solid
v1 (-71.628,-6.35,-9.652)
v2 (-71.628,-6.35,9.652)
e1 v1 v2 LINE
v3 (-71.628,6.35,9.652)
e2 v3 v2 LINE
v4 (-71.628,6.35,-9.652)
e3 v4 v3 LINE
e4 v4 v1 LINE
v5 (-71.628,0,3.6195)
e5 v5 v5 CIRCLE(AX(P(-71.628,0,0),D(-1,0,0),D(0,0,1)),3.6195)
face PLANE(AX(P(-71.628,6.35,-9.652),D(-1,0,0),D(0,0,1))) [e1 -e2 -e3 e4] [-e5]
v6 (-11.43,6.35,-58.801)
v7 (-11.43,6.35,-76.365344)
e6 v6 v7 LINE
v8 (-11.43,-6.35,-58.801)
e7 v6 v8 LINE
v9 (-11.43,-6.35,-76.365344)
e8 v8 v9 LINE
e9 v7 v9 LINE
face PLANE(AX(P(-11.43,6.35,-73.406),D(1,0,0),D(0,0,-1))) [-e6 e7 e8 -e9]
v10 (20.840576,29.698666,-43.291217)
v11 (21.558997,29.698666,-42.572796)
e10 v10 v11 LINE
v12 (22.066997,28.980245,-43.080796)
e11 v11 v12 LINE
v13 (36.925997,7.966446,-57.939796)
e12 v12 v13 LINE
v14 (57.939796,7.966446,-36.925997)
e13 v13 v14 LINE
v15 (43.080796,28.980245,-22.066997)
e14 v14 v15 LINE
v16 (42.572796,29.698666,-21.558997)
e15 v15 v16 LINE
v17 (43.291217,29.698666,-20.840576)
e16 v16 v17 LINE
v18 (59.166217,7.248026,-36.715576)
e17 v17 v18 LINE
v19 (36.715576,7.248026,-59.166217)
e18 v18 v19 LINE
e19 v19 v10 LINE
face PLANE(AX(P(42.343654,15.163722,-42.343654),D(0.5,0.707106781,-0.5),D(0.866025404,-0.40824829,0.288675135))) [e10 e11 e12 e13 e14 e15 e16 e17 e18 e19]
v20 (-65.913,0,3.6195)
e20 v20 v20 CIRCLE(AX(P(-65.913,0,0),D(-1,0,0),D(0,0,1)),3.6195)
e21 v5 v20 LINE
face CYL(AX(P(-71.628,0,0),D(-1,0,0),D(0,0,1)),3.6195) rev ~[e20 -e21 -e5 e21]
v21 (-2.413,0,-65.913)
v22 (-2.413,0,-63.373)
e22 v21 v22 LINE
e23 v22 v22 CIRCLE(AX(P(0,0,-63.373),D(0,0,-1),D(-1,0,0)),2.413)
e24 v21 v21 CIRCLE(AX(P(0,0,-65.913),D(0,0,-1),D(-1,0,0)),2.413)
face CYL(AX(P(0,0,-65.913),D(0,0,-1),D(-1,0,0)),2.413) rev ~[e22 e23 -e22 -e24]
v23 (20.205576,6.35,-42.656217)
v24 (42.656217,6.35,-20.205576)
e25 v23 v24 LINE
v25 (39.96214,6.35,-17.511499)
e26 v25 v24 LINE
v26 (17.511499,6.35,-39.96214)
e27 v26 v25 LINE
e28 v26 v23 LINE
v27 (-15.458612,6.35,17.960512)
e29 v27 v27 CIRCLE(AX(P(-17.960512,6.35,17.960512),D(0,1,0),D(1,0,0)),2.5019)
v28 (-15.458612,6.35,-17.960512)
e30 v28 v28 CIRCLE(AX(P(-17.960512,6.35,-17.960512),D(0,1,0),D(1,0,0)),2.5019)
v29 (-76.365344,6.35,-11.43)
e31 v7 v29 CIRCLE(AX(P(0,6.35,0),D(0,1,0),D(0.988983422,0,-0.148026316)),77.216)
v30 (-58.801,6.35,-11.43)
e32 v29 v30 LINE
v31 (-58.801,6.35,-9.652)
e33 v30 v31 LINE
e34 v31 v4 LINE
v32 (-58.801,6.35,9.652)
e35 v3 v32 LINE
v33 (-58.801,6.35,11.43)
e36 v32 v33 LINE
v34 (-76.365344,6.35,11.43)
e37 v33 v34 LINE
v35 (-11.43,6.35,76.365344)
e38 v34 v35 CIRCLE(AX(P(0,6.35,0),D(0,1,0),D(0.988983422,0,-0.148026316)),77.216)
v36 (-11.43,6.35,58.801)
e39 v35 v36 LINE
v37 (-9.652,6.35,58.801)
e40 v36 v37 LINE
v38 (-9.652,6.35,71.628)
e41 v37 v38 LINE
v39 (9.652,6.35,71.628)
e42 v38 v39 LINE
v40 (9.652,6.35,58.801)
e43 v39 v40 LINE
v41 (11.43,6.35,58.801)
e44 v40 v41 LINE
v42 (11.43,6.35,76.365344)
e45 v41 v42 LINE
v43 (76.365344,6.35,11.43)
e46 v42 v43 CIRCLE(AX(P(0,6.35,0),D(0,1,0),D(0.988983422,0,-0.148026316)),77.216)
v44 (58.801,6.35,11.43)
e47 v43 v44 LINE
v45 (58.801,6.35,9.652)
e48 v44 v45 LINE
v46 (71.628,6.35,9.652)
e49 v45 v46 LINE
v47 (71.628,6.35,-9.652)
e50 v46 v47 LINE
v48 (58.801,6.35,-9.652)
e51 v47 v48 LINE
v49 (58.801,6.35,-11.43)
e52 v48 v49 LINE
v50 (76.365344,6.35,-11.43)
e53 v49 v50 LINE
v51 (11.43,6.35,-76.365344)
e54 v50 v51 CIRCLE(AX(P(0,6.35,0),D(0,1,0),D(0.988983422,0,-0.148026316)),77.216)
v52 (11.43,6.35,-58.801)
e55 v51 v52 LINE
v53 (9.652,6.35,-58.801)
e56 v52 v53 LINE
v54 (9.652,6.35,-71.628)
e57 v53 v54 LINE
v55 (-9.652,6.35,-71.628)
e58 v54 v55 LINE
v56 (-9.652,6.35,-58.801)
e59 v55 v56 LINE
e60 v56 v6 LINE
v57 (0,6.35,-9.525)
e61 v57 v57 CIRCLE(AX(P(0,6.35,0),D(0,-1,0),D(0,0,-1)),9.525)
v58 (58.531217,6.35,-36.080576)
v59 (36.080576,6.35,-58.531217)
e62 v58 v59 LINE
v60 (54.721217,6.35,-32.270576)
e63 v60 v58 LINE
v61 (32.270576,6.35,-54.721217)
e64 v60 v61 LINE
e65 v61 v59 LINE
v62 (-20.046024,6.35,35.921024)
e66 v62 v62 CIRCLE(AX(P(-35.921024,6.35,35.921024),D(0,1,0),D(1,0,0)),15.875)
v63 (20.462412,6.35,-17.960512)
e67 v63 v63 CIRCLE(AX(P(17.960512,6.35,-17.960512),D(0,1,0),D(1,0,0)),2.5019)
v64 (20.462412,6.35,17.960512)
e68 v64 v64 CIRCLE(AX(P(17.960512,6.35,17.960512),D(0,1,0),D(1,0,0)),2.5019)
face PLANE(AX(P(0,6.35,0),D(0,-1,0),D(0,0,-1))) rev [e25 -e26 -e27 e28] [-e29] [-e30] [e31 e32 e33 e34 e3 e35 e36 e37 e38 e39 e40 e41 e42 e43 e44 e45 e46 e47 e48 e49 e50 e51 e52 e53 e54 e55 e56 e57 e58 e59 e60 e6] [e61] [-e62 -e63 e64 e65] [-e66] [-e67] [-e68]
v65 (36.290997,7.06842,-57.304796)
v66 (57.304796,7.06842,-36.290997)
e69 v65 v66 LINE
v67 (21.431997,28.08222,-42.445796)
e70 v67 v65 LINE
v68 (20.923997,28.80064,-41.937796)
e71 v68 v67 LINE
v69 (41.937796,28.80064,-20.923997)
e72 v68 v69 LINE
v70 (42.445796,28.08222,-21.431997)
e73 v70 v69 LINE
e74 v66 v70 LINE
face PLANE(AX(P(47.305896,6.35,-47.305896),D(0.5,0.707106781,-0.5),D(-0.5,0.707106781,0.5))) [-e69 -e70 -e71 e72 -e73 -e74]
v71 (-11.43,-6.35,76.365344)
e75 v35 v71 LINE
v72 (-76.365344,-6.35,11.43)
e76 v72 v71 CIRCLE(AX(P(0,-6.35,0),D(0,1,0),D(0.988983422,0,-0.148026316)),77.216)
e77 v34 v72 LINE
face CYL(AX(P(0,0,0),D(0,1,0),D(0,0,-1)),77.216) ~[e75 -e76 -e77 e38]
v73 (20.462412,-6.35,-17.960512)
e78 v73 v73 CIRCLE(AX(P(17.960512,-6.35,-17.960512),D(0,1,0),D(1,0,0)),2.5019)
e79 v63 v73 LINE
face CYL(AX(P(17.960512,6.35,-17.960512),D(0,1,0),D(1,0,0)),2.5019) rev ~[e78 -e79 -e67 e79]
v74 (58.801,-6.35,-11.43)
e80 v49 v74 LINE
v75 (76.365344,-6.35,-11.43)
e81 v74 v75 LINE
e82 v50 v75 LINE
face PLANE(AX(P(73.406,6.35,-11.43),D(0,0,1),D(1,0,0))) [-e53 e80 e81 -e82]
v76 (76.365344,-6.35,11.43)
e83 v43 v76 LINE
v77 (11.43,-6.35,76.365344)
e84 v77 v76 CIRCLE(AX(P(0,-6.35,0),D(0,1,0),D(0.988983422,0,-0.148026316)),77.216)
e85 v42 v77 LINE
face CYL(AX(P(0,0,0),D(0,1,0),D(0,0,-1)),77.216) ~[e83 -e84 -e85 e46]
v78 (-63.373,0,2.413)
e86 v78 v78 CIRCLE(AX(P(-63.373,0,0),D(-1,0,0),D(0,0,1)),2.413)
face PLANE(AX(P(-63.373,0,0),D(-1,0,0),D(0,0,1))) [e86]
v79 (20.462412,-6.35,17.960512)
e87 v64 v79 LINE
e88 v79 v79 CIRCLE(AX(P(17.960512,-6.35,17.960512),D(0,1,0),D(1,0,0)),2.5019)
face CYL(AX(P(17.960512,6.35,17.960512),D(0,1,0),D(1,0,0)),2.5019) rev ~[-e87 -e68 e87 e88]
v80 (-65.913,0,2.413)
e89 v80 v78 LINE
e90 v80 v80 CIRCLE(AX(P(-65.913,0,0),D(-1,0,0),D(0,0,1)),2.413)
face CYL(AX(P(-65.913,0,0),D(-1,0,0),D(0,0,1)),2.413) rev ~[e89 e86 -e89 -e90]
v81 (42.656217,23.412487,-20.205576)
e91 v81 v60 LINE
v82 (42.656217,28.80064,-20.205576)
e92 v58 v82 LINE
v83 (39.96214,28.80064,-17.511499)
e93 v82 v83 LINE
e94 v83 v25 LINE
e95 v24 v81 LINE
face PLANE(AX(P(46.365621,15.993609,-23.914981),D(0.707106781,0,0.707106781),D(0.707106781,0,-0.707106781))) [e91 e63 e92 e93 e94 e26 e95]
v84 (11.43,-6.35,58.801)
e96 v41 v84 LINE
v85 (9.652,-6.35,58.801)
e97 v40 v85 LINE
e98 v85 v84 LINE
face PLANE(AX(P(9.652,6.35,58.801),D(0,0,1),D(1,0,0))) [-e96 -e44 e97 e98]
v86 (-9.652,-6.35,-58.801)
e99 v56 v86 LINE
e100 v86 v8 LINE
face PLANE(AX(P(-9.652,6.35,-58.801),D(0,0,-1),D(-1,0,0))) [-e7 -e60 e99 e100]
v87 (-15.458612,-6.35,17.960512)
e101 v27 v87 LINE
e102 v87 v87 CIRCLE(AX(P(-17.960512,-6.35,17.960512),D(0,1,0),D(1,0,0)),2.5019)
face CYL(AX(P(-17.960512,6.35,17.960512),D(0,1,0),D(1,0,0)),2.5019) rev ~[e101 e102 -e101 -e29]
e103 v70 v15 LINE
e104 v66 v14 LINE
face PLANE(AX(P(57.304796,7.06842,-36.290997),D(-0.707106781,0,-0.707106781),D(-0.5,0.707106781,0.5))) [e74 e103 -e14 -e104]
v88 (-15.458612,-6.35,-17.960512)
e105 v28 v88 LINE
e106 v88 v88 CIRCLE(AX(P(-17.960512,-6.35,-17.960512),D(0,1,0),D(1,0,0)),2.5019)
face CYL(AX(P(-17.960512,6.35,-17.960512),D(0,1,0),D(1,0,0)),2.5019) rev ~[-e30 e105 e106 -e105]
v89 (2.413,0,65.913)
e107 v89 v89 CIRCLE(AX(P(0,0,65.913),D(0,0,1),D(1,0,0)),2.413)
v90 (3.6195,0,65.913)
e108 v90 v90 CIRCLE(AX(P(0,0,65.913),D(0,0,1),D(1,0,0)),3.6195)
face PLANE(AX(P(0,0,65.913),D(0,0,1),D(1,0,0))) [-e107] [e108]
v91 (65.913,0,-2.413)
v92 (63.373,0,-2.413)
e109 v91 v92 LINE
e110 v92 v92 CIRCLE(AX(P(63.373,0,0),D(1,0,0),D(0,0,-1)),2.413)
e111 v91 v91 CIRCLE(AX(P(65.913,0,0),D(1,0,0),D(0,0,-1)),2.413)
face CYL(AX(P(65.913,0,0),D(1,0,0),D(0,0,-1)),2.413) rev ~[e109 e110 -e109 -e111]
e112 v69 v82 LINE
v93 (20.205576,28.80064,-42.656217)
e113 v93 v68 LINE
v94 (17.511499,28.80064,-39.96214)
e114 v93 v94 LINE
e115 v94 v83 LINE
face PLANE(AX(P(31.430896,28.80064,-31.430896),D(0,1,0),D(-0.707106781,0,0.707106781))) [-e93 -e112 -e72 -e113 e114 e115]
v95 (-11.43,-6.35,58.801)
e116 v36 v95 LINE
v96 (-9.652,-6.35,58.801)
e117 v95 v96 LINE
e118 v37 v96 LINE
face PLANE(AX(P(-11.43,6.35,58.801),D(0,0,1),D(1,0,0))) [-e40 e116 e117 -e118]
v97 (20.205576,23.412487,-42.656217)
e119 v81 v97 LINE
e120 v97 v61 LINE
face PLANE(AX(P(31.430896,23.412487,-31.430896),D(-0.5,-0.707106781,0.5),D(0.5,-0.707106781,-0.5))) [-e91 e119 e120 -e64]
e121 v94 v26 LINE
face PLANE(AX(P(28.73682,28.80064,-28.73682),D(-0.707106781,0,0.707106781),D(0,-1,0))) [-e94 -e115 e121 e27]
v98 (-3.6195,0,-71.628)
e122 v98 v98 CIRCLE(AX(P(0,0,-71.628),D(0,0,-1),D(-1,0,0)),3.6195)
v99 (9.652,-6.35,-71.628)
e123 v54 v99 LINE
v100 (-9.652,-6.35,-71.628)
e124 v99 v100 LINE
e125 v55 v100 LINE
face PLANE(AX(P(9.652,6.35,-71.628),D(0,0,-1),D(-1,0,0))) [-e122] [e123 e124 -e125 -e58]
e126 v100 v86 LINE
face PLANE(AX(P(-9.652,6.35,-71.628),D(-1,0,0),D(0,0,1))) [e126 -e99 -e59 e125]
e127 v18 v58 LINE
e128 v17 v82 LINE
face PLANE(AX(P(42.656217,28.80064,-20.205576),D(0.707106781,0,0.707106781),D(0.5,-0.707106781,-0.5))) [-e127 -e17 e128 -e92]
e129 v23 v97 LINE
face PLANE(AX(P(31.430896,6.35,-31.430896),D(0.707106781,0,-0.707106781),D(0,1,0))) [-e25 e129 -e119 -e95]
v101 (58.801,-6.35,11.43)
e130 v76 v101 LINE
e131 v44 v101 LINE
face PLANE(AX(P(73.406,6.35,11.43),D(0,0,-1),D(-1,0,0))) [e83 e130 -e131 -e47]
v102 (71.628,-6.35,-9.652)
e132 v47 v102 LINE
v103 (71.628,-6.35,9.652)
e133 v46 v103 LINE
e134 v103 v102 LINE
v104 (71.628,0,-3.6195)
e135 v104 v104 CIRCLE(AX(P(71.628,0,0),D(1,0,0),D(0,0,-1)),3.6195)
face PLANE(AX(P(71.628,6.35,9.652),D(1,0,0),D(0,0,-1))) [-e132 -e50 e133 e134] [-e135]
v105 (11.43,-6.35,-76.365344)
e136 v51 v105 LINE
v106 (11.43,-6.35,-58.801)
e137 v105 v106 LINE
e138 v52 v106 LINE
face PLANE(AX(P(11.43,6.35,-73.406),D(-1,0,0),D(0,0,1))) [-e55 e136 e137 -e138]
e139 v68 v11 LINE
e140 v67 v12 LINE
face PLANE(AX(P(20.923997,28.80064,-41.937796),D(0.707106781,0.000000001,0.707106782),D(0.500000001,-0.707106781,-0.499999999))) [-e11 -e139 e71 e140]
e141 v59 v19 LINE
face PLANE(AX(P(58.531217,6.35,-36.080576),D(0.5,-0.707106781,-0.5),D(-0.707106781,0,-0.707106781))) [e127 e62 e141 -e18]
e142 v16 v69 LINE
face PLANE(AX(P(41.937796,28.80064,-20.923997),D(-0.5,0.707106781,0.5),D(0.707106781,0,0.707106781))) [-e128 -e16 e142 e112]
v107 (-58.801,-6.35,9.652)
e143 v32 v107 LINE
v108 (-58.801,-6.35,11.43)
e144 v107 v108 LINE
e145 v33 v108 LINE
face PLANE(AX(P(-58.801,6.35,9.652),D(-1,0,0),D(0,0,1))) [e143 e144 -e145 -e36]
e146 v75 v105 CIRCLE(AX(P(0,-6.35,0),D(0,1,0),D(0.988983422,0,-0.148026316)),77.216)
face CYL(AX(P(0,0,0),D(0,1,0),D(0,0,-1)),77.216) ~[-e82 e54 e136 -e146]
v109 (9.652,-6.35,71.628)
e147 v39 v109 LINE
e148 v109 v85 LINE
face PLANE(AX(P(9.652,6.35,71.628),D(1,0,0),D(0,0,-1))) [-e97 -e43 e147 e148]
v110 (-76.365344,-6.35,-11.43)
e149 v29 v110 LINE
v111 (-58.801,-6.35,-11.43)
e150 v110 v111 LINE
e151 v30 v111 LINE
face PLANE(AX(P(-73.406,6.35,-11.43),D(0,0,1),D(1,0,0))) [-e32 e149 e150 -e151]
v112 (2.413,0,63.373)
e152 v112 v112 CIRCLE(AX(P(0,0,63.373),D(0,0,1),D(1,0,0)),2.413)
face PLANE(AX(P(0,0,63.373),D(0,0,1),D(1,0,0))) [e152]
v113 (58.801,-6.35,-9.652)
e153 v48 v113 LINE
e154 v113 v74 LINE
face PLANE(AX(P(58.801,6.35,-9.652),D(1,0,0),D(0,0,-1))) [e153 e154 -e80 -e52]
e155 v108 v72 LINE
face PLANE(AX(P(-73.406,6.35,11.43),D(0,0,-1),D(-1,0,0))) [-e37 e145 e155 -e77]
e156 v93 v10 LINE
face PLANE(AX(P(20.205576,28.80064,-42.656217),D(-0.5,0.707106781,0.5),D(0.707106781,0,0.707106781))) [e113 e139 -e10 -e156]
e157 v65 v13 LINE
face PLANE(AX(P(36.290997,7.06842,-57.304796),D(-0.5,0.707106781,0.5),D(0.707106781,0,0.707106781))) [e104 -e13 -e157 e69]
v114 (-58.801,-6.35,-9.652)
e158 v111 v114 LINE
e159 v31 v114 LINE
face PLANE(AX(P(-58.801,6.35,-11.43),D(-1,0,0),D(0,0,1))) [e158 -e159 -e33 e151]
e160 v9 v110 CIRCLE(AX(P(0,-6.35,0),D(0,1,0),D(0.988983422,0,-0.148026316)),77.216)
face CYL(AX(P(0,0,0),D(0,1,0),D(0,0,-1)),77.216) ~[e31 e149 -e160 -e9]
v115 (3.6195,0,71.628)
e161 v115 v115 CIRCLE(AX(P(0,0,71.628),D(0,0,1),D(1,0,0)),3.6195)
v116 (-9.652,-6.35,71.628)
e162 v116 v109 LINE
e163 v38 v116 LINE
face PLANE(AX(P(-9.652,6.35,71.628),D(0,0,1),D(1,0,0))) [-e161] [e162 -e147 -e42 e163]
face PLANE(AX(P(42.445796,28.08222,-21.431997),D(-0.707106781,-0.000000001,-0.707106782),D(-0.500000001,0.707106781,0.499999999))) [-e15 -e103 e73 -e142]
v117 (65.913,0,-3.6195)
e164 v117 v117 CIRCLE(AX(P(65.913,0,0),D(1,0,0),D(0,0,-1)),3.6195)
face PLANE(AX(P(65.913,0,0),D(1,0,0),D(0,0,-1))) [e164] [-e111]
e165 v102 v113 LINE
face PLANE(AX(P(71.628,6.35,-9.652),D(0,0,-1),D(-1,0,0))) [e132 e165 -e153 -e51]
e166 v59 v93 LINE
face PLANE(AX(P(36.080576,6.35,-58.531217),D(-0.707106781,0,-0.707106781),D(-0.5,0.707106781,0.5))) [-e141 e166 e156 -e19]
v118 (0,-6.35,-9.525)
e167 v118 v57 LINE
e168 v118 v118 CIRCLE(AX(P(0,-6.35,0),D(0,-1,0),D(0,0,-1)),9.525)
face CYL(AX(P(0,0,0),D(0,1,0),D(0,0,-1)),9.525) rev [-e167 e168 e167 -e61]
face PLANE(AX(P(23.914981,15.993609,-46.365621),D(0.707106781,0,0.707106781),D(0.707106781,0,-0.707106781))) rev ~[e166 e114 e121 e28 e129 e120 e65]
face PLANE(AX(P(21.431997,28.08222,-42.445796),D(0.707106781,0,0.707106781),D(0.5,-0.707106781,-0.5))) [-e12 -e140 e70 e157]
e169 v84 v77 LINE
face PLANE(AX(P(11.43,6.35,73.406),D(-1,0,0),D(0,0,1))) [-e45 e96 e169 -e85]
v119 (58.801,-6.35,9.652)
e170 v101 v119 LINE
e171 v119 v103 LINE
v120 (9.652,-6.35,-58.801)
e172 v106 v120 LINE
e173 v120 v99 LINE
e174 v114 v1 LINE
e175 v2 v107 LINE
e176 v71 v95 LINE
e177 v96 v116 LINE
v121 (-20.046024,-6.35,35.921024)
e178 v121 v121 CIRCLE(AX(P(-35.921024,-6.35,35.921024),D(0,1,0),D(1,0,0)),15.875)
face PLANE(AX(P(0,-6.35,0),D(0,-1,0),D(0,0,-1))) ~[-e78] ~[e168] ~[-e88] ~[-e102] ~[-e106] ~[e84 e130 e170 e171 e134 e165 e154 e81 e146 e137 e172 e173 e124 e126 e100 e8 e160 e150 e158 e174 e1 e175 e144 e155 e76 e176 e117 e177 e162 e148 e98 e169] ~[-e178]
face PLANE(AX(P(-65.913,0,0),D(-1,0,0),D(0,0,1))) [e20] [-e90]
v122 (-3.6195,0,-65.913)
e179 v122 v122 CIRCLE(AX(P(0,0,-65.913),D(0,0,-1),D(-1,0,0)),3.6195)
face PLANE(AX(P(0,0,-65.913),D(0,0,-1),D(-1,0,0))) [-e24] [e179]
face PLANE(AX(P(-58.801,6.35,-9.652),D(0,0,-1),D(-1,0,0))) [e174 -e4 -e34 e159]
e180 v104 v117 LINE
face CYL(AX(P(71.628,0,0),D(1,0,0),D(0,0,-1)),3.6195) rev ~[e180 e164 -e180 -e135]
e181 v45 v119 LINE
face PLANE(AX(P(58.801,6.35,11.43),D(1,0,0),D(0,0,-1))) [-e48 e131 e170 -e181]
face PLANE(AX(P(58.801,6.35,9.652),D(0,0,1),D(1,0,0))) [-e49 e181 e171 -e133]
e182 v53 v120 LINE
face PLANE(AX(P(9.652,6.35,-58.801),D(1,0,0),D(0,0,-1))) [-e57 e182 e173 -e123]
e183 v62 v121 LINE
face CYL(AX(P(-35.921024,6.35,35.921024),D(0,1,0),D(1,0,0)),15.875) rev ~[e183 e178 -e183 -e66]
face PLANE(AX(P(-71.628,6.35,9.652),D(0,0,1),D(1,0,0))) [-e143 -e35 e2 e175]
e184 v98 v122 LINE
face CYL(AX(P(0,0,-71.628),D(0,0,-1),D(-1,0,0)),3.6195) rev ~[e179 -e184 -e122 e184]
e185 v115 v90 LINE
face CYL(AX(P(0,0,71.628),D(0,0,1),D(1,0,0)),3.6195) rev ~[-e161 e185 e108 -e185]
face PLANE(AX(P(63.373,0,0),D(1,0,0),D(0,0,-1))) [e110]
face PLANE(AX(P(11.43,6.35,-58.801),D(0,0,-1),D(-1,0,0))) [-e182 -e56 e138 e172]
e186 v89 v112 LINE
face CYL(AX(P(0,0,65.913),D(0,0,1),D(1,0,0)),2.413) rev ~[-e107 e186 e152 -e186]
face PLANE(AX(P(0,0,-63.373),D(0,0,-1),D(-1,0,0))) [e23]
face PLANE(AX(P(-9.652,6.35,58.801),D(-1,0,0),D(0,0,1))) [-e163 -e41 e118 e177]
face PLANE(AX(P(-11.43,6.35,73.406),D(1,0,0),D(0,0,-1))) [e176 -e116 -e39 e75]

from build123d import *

# Parameters (mm, degrees)
SKETCH2_W            = 67.691
SKETCH2_H            = 12.7
SKETCH3_R            = 2.5019
CUT_EXTRUDE1_DEPTH   = 13.7
LPATTERN1_COUNT      = 2
LPATTERN1_PITCH      = 35.921024484
LPATTERN1_COUNT_DIR2 = 2
LPATTERN1_PITCH_DIR2 = 35.921024484
SKETCH5_R            = 15.875
CUT_EXTRUDE2_DEPTH   = 13.7
BOSS_EXTRUDE1_DEPTH  = 15.875
BOSS_EXTRUDE2_DEPTH  = 1.27
CUT_EXTRUDE3_DEPTH   = 13.7
SKETCH13_R           = 4.8387
CUT_EXTRUDE4_DEPTH   = 3.81
SKETCH14_R           = 3.6195
CUT_EXTRUDE5_DEPTH   = 5.715
CUT_EXTRUDE6_DEPTH   = 13.7000001
SKETCH16_R           = 2.413
CUT_EXTRUDE7_DEPTH   = 2.54
CIRPATTERN2_COUNT    = 4


with BuildPart() as part:
    # Sketch2 → Revolve1 (revolve)
    with BuildSketch(Plane(origin=(0, 0, 0), x_dir=(0, 0, -1), z_dir=(1, 0, 0))):
        with Locations((43.3705, 0)):
            Rectangle(SKETCH2_W, SKETCH2_H)
    revolve(axis=Axis((0, 9.434285714, 0), (0, -1, 0)))

    # Sketch3 → Cut-Extrude1 (cut, through all)
    with BuildSketch(Plane(origin=(0, 6.35, 0), x_dir=(1, 0, 0), z_dir=(0, 1, 0))):
        with Locations((17.960512242, 17.960512242)):
            Circle(SKETCH3_R)
    cut_extrude1 = extrude(amount=-CUT_EXTRUDE1_DEPTH, mode=Mode.SUBTRACT)

    # LPattern1: Cut-Extrude1 2 × 2
    with Locations(*[(-j * LPATTERN1_PITCH_DIR2, 0, i * LPATTERN1_PITCH) for i in range(LPATTERN1_COUNT) for j in range(LPATTERN1_COUNT_DIR2) if (i, j) != (0, 0)]):
        add(cut_extrude1, mode=Mode.SUBTRACT)

    # Sketch5 → Cut-Extrude2 (cut, through all)
    with BuildSketch(Plane(origin=(0, 6.35, 0), x_dir=(1, 0, 0), z_dir=(0, 1, 0))):
        with Locations((-35.921024484, -35.921024484)):
            Circle(SKETCH5_R)
    extrude(amount=-CUT_EXTRUDE2_DEPTH, mode=Mode.SUBTRACT)

    # Sketch7 → Boss-Extrude1 (add, symmetric)
    with BuildSketch(Plane(origin=(0, 0, 0), x_dir=(0.707106781, 0, -0.707106781), z_dir=(0.707106781, 0, 0.707106781))):
        Polygon((66.900640303, 6.35), (44.45, 28.800640303), (40.64, 28.800640303), (40.64, 6.35), (44.45, 6.35), (44.45, 23.41248663), (61.51248663, 6.35), align=None)
    extrude(amount=BOSS_EXTRUDE1_DEPTH, both=True)

    # Sketch8 → Boss-Extrude2 (add, symmetric)
    with BuildSketch(Plane(origin=(25.898012242, 36.625320151, -25.898012242), x_dir=(0.866025404, -0.40824829, 0.288675135), z_dir=(0.5, 0.707106781, -0.5))):
        Polygon((37.681578612, 25.793492955), (11.757812168, 44.124364002), (-6.573058879, 18.200597557), (-5.743498353, 17.614009684), (-5.156910479, 18.44357021), (12.000784821, 42.708215602), (36.265430213, 25.550520302), (19.107734913, 1.28587491), (18.521147039, 0.456314384), (19.350707566, -0.130273489), align=None)
    extrude(amount=BOSS_EXTRUDE2_DEPTH, both=True)

    # Sketch12 → Cut-Extrude3 (cut, through all)
    with BuildSketch(Plane(origin=(0, 6.35, 0), x_dir=(1, 0, 0), z_dir=(0, 1, 0))):
        Polygon((73.406, -11.43), (58.801, -11.43), (58.801, -9.652), (71.628, -9.652), (71.628, 9.652), (58.801, 9.652), (58.801, 11.43), (73.406, 11.43), align=None)
    cut_extrude3 = extrude(amount=-CUT_EXTRUDE3_DEPTH, mode=Mode.SUBTRACT)

    # Sketch13 → Cut-Extrude4 (cut)
    with BuildSketch(Plane(origin=(77.216, 0, 0), x_dir=(0, 0, -1), z_dir=(1, 0, 0))):
        Circle(SKETCH13_R)
    cut_extrude4 = extrude(amount=-CUT_EXTRUDE4_DEPTH, mode=Mode.SUBTRACT)

    # Sketch14 → Cut-Extrude5 (cut)
    with BuildSketch(Plane(origin=(71.628, 0, 0), x_dir=(0, 0, -1), z_dir=(1, 0, 0))):
        Circle(SKETCH14_R)
    cut_extrude5 = extrude(amount=-CUT_EXTRUDE5_DEPTH, mode=Mode.SUBTRACT)

    # Sketch15 → Cut-Extrude6 (cut, through all)
    with BuildSketch(Plane(origin=(0, 6.35, 0), x_dir=(1, 0, 0), z_dir=(0, 1, 0))):
        with BuildLine():
            Line((73.406, 11.43), (76.365343946, 11.43))
            ThreePointArc((76.365343946, 11.43), (77.216, 0), (76.365343946, -11.43))
            Line((76.365343946, -11.43), (73.406, -11.43))
            Line((73.406, -11.43), (73.406, 11.43))
        make_face()
    cut_extrude6 = extrude(amount=-CUT_EXTRUDE6_DEPTH, mode=Mode.SUBTRACT)

    # Sketch16 → Cut-Extrude7 (cut)
    with BuildSketch(Plane(origin=(65.913, 0, 0), x_dir=(0, 0, -1), z_dir=(1, 0, 0))):
        Circle(SKETCH16_R)
    cut_extrude7 = extrude(amount=-CUT_EXTRUDE7_DEPTH, mode=Mode.SUBTRACT)

    # CirPattern2: Cut-Extrude3, Cut-Extrude4, Cut-Extrude5, Cut-Extrude6, Cut-Extrude7 ×4 about axis
    cirpattern2_axis = Axis((0, 0, 0), (0, 1, 0))
    for i in range(1, CIRPATTERN2_COUNT):
        add(cut_extrude3.rotate(cirpattern2_axis, i * 360 / CIRPATTERN2_COUNT), mode=Mode.SUBTRACT)
        add(cut_extrude4.rotate(cirpattern2_axis, i * 360 / CIRPATTERN2_COUNT), mode=Mode.SUBTRACT)
        add(cut_extrude5.rotate(cirpattern2_axis, i * 360 / CIRPATTERN2_COUNT), mode=Mode.SUBTRACT)
        add(cut_extrude6.rotate(cirpattern2_axis, i * 360 / CIRPATTERN2_COUNT), mode=Mode.SUBTRACT)
        add(cut_extrude7.rotate(cirpattern2_axis, i * 360 / CIRPATTERN2_COUNT), mode=Mode.SUBTRACT)


solid = part.part
